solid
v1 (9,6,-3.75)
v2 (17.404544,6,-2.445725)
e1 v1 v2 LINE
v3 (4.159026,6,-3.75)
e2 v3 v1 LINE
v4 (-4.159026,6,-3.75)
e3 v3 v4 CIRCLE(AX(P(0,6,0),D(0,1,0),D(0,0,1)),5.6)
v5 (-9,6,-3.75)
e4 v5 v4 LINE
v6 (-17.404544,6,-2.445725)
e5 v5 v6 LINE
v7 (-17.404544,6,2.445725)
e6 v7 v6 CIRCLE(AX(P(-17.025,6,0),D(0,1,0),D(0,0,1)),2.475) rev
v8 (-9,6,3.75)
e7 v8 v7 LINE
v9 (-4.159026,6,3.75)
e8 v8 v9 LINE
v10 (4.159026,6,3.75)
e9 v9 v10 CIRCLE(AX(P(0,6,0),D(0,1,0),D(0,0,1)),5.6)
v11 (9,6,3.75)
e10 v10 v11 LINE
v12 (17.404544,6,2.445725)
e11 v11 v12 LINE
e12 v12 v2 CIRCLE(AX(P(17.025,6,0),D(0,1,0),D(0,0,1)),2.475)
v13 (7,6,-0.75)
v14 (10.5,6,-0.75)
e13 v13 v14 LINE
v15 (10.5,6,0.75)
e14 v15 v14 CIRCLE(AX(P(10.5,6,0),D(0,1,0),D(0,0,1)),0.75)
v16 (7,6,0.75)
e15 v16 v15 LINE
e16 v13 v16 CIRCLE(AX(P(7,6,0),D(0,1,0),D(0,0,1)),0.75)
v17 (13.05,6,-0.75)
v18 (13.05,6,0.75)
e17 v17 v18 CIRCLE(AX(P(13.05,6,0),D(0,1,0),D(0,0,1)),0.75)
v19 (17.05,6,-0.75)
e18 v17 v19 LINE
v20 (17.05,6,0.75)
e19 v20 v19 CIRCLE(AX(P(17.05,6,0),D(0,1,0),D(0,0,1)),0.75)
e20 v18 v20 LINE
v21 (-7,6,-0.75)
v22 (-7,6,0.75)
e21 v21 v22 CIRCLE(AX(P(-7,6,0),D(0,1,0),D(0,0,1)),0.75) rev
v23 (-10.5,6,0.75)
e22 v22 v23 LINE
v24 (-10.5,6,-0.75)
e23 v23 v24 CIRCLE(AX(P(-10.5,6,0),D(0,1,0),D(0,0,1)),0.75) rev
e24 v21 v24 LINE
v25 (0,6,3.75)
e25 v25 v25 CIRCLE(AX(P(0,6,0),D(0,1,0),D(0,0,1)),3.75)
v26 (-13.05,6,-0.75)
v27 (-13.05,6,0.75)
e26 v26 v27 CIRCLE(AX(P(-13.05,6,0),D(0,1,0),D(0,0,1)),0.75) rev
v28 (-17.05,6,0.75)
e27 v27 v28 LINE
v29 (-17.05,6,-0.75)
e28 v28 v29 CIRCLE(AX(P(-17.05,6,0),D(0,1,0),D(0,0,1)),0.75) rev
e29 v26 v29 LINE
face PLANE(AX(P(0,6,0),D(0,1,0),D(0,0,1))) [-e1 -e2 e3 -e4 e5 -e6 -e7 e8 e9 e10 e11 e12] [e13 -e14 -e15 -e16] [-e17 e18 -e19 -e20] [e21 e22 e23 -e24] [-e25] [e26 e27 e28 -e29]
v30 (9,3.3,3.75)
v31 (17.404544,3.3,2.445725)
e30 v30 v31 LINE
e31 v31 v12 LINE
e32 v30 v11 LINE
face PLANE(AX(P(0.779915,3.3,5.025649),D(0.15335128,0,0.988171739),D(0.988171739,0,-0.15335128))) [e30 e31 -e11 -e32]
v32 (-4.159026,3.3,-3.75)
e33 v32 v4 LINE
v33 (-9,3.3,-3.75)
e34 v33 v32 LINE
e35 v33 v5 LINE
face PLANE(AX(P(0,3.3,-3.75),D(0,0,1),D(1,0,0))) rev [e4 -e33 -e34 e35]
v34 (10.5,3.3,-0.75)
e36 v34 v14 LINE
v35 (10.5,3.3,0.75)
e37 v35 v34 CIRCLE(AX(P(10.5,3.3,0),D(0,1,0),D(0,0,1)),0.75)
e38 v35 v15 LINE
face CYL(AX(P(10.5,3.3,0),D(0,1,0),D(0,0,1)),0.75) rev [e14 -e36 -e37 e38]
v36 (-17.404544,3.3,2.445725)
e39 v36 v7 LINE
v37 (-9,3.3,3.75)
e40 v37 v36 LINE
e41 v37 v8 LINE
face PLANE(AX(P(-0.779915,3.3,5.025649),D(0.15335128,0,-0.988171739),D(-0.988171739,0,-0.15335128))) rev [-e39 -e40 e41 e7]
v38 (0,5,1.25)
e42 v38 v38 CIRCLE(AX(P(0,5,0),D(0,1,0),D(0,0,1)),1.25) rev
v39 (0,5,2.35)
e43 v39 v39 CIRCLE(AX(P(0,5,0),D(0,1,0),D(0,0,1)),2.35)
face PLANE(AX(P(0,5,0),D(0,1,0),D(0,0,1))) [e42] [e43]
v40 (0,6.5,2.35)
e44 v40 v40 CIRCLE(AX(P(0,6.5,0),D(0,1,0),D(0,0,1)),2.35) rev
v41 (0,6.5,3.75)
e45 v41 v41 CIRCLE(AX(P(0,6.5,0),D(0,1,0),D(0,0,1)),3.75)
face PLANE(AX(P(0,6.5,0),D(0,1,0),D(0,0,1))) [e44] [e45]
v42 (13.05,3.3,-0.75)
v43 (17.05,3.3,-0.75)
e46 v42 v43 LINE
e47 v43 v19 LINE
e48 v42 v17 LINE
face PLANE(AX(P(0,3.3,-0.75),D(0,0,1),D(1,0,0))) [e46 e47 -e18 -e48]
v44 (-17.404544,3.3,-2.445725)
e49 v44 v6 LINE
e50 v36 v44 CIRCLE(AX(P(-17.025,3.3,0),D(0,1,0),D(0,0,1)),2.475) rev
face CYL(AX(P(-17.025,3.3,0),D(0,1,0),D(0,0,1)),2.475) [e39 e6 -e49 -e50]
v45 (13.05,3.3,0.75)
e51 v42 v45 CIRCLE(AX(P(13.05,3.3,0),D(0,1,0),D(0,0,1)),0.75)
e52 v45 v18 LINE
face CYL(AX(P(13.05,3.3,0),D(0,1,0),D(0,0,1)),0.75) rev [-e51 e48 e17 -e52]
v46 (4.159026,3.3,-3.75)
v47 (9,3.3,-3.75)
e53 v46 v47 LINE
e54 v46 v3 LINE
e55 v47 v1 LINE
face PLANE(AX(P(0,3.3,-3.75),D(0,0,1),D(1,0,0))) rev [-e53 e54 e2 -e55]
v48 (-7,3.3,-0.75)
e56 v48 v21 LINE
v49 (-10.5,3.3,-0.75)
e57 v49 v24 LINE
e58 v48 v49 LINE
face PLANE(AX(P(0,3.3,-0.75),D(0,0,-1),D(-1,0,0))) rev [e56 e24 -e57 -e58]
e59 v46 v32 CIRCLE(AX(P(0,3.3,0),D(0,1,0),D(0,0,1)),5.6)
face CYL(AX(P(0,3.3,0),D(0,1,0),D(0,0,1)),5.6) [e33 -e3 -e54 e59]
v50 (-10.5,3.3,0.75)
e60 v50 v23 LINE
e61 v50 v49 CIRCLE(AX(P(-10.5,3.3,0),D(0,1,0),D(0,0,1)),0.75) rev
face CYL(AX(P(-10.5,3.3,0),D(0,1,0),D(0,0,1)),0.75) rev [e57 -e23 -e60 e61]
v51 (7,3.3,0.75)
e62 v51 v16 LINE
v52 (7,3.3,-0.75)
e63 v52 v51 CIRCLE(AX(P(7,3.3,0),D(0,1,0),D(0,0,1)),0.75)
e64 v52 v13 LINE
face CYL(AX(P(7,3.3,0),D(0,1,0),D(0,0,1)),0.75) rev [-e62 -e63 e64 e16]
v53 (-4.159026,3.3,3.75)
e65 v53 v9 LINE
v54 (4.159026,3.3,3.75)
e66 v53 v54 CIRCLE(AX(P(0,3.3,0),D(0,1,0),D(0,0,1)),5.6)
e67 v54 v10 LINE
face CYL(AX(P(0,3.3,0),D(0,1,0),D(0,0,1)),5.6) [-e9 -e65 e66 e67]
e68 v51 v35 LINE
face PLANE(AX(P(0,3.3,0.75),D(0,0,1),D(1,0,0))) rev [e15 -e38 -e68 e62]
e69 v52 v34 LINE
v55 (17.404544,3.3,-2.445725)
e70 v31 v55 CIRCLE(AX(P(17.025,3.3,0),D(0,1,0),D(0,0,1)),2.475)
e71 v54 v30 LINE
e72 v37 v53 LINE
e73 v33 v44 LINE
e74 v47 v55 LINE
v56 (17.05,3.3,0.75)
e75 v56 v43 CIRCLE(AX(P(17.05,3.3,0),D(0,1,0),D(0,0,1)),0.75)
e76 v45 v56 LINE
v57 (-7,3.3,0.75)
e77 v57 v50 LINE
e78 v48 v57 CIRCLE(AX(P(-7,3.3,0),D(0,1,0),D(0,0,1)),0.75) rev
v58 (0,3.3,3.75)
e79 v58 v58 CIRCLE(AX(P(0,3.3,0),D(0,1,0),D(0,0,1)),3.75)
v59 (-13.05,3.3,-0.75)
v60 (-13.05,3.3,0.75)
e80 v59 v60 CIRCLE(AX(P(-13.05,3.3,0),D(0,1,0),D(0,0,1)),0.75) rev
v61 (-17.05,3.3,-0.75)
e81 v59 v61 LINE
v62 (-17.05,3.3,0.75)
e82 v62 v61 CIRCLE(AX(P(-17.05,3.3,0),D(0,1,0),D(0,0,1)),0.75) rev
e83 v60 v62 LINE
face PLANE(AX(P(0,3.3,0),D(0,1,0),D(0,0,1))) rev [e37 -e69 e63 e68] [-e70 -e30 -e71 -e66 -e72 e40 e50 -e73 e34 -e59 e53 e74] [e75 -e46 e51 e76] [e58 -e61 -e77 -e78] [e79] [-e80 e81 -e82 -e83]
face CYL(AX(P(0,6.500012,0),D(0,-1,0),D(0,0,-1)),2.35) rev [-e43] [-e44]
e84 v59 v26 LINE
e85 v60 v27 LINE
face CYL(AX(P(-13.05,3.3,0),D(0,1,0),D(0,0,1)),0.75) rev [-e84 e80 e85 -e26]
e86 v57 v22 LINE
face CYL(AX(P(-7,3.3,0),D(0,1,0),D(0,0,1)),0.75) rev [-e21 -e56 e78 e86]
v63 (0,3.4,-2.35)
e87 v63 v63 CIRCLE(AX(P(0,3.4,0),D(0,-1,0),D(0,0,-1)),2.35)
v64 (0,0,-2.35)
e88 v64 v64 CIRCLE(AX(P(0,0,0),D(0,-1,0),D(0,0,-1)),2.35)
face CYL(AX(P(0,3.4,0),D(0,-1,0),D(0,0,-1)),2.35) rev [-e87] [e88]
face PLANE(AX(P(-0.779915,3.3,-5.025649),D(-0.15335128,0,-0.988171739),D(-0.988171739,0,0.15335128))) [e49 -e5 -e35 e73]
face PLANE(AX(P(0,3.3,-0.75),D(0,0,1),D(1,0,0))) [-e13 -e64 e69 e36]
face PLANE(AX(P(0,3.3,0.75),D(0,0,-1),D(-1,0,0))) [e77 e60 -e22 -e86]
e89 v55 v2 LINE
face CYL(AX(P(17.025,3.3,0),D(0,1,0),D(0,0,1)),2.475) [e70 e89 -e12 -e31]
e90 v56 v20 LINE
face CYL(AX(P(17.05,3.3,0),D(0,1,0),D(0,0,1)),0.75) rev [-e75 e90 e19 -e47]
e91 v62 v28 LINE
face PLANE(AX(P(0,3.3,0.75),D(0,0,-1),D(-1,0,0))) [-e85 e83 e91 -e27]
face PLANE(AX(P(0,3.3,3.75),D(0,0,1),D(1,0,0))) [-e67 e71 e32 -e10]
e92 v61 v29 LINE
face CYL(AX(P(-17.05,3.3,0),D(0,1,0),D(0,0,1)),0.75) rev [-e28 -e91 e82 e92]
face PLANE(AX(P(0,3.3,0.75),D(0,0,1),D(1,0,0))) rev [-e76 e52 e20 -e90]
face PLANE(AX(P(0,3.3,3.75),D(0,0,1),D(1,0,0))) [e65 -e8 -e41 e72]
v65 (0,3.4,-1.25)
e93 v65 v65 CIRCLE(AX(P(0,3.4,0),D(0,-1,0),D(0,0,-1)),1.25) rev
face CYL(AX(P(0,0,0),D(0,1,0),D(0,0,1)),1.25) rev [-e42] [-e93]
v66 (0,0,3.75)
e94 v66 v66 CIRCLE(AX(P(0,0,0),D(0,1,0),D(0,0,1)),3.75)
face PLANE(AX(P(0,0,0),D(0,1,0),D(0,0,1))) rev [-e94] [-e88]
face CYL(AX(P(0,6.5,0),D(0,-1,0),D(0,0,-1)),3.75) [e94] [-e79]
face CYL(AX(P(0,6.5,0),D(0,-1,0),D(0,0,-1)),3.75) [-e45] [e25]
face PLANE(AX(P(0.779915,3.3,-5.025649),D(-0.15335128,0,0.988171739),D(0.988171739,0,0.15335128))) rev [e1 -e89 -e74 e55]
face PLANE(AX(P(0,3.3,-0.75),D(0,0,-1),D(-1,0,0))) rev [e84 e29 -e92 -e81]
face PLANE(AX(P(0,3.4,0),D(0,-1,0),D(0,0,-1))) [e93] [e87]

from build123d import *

# Parameters (mm, degrees)
SKETCH2_R               = 3.75
BOSS_EXTRUDE1_DEPTH     = 6.5
SKETCH3_R               = 1.25
CUT_EXTRUDE1_DEPTH      = 1
CUT_EXTRUDE1_DEPTH_BACK = 7.5
SKETCH4_R               = 2.35
CUT_EXTRUDE2_DEPTH      = 1
CUT_EXTRUDE2_DEPTH_BACK = 1.5
SKETCH7_R               = 2.35
CUT_EXTRUDE5_DEPTH      = 3.4
SKETCH8_R               = 3.75
BOSS_EXTRUDE4_DEPTH     = 2.7


with BuildPart() as part:
    # Sketch2 → Boss-Extrude1 (new body)
    with BuildSketch(Plane(origin=(0, 0, 0), x_dir=(1, 0, 0), z_dir=(0, 1, 0))):
        Circle(SKETCH2_R)
    extrude(amount=BOSS_EXTRUDE1_DEPTH)

    # Sketch3 → Cut-Extrude1 (cut, two sides)
    with BuildSketch(Plane(origin=(0, 6.5, 0), x_dir=(1, 0, 0), z_dir=(0, 1, 0))) as cut_extrude1_sk:
        Circle(SKETCH3_R)
    extrude(amount=CUT_EXTRUDE1_DEPTH, mode=Mode.SUBTRACT)
    extrude(cut_extrude1_sk.sketch, amount=-CUT_EXTRUDE1_DEPTH_BACK, mode=Mode.SUBTRACT)

    # Sketch4 → Cut-Extrude2 (cut, two sides)
    with BuildSketch(Plane(origin=(0, 6.5, 0), x_dir=(1, 0, 0), z_dir=(0, 1, 0))) as cut_extrude2_sk:
        Circle(SKETCH4_R)
    extrude(amount=CUT_EXTRUDE2_DEPTH, mode=Mode.SUBTRACT)
    extrude(cut_extrude2_sk.sketch, amount=-CUT_EXTRUDE2_DEPTH_BACK, mode=Mode.SUBTRACT)

    # Sketch7 → Cut-Extrude5 (cut)
    with BuildSketch(Plane.XZ):
        Circle(SKETCH7_R)
    extrude(amount=-CUT_EXTRUDE5_DEPTH, mode=Mode.SUBTRACT)

    # Sketch8 → Boss-Extrude4 (add)
    with BuildSketch(Plane(origin=(0, 6, 0), x_dir=(1, 0, 0), z_dir=(0, 1, 0))):
        with BuildLine():
            Line((-9, -3.75), (-4.159026328, -3.75))
            ThreePointArc((-4.159026328, -3.75), (0, -5.6), (4.159026328, -3.75))
            Line((4.159026328, -3.75), (9, -3.75))
            Line((9, -3.75), (17.404544417, -2.445725053))
            ThreePointArc((17.404544417, -2.445725053), (19.5, 0), (17.404544417, 2.445725053))
            Line((17.404544417, 2.445725053), (9, 3.75))
            Line((9, 3.75), (4.159026328, 3.75))
            ThreePointArc((4.159026328, 3.75), (0, 5.6), (-4.159026328, 3.75))
            Line((-4.159026328, 3.75), (-9, 3.75))
            Line((-9, 3.75), (-17.404544417, 2.445725053))
            ThreePointArc((-17.404544417, 2.445725053), (-19.5, 0), (-17.404544417, -2.445725053))
            Line((-17.404544417, -2.445725053), (-9, -3.75))
        make_face()
        with BuildLine():
            ThreePointArc((-13.05, 0.75), (-12.3, 0), (-13.05, -0.75))
            Line((-13.05, -0.75), (-17.05, -0.75))
            ThreePointArc((-17.05, -0.75), (-17.8, 0), (-17.05, 0.75))
            Line((-17.05, 0.75), (-13.05, 0.75))
        make_face(mode=Mode.SUBTRACT)
        with BuildLine():
            ThreePointArc((-7, 0.75), (-6.25, 0), (-7, -0.75))
            Line((-7, -0.75), (-10.5, -0.75))
            ThreePointArc((-10.5, -0.75), (-11.25, 0), (-10.5, 0.75))
            Line((-10.5, 0.75), (-7, 0.75))
        make_face(mode=Mode.SUBTRACT)
        Circle(SKETCH8_R, mode=Mode.SUBTRACT)
        with BuildLine():
            ThreePointArc((7, -0.75), (6.25, 0), (7, 0.75))
            Line((7, 0.75), (10.5, 0.75))
            ThreePointArc((10.5, 0.75), (11.25, 0), (10.5, -0.75))
            Line((10.5, -0.75), (7, -0.75))
        make_face(mode=Mode.SUBTRACT)
        with BuildLine():
            ThreePointArc((17.05, 0.75), (17.8, 0), (17.05, -0.75))
            Line((17.05, -0.75), (13.05, -0.75))
            ThreePointArc((13.05, -0.75), (12.3, 0), (13.05, 0.75))
            Line((13.05, 0.75), (17.05, 0.75))
        make_face(mode=Mode.SUBTRACT)
    extrude(amount=-BOSS_EXTRUDE4_DEPTH)


solid = part.part
